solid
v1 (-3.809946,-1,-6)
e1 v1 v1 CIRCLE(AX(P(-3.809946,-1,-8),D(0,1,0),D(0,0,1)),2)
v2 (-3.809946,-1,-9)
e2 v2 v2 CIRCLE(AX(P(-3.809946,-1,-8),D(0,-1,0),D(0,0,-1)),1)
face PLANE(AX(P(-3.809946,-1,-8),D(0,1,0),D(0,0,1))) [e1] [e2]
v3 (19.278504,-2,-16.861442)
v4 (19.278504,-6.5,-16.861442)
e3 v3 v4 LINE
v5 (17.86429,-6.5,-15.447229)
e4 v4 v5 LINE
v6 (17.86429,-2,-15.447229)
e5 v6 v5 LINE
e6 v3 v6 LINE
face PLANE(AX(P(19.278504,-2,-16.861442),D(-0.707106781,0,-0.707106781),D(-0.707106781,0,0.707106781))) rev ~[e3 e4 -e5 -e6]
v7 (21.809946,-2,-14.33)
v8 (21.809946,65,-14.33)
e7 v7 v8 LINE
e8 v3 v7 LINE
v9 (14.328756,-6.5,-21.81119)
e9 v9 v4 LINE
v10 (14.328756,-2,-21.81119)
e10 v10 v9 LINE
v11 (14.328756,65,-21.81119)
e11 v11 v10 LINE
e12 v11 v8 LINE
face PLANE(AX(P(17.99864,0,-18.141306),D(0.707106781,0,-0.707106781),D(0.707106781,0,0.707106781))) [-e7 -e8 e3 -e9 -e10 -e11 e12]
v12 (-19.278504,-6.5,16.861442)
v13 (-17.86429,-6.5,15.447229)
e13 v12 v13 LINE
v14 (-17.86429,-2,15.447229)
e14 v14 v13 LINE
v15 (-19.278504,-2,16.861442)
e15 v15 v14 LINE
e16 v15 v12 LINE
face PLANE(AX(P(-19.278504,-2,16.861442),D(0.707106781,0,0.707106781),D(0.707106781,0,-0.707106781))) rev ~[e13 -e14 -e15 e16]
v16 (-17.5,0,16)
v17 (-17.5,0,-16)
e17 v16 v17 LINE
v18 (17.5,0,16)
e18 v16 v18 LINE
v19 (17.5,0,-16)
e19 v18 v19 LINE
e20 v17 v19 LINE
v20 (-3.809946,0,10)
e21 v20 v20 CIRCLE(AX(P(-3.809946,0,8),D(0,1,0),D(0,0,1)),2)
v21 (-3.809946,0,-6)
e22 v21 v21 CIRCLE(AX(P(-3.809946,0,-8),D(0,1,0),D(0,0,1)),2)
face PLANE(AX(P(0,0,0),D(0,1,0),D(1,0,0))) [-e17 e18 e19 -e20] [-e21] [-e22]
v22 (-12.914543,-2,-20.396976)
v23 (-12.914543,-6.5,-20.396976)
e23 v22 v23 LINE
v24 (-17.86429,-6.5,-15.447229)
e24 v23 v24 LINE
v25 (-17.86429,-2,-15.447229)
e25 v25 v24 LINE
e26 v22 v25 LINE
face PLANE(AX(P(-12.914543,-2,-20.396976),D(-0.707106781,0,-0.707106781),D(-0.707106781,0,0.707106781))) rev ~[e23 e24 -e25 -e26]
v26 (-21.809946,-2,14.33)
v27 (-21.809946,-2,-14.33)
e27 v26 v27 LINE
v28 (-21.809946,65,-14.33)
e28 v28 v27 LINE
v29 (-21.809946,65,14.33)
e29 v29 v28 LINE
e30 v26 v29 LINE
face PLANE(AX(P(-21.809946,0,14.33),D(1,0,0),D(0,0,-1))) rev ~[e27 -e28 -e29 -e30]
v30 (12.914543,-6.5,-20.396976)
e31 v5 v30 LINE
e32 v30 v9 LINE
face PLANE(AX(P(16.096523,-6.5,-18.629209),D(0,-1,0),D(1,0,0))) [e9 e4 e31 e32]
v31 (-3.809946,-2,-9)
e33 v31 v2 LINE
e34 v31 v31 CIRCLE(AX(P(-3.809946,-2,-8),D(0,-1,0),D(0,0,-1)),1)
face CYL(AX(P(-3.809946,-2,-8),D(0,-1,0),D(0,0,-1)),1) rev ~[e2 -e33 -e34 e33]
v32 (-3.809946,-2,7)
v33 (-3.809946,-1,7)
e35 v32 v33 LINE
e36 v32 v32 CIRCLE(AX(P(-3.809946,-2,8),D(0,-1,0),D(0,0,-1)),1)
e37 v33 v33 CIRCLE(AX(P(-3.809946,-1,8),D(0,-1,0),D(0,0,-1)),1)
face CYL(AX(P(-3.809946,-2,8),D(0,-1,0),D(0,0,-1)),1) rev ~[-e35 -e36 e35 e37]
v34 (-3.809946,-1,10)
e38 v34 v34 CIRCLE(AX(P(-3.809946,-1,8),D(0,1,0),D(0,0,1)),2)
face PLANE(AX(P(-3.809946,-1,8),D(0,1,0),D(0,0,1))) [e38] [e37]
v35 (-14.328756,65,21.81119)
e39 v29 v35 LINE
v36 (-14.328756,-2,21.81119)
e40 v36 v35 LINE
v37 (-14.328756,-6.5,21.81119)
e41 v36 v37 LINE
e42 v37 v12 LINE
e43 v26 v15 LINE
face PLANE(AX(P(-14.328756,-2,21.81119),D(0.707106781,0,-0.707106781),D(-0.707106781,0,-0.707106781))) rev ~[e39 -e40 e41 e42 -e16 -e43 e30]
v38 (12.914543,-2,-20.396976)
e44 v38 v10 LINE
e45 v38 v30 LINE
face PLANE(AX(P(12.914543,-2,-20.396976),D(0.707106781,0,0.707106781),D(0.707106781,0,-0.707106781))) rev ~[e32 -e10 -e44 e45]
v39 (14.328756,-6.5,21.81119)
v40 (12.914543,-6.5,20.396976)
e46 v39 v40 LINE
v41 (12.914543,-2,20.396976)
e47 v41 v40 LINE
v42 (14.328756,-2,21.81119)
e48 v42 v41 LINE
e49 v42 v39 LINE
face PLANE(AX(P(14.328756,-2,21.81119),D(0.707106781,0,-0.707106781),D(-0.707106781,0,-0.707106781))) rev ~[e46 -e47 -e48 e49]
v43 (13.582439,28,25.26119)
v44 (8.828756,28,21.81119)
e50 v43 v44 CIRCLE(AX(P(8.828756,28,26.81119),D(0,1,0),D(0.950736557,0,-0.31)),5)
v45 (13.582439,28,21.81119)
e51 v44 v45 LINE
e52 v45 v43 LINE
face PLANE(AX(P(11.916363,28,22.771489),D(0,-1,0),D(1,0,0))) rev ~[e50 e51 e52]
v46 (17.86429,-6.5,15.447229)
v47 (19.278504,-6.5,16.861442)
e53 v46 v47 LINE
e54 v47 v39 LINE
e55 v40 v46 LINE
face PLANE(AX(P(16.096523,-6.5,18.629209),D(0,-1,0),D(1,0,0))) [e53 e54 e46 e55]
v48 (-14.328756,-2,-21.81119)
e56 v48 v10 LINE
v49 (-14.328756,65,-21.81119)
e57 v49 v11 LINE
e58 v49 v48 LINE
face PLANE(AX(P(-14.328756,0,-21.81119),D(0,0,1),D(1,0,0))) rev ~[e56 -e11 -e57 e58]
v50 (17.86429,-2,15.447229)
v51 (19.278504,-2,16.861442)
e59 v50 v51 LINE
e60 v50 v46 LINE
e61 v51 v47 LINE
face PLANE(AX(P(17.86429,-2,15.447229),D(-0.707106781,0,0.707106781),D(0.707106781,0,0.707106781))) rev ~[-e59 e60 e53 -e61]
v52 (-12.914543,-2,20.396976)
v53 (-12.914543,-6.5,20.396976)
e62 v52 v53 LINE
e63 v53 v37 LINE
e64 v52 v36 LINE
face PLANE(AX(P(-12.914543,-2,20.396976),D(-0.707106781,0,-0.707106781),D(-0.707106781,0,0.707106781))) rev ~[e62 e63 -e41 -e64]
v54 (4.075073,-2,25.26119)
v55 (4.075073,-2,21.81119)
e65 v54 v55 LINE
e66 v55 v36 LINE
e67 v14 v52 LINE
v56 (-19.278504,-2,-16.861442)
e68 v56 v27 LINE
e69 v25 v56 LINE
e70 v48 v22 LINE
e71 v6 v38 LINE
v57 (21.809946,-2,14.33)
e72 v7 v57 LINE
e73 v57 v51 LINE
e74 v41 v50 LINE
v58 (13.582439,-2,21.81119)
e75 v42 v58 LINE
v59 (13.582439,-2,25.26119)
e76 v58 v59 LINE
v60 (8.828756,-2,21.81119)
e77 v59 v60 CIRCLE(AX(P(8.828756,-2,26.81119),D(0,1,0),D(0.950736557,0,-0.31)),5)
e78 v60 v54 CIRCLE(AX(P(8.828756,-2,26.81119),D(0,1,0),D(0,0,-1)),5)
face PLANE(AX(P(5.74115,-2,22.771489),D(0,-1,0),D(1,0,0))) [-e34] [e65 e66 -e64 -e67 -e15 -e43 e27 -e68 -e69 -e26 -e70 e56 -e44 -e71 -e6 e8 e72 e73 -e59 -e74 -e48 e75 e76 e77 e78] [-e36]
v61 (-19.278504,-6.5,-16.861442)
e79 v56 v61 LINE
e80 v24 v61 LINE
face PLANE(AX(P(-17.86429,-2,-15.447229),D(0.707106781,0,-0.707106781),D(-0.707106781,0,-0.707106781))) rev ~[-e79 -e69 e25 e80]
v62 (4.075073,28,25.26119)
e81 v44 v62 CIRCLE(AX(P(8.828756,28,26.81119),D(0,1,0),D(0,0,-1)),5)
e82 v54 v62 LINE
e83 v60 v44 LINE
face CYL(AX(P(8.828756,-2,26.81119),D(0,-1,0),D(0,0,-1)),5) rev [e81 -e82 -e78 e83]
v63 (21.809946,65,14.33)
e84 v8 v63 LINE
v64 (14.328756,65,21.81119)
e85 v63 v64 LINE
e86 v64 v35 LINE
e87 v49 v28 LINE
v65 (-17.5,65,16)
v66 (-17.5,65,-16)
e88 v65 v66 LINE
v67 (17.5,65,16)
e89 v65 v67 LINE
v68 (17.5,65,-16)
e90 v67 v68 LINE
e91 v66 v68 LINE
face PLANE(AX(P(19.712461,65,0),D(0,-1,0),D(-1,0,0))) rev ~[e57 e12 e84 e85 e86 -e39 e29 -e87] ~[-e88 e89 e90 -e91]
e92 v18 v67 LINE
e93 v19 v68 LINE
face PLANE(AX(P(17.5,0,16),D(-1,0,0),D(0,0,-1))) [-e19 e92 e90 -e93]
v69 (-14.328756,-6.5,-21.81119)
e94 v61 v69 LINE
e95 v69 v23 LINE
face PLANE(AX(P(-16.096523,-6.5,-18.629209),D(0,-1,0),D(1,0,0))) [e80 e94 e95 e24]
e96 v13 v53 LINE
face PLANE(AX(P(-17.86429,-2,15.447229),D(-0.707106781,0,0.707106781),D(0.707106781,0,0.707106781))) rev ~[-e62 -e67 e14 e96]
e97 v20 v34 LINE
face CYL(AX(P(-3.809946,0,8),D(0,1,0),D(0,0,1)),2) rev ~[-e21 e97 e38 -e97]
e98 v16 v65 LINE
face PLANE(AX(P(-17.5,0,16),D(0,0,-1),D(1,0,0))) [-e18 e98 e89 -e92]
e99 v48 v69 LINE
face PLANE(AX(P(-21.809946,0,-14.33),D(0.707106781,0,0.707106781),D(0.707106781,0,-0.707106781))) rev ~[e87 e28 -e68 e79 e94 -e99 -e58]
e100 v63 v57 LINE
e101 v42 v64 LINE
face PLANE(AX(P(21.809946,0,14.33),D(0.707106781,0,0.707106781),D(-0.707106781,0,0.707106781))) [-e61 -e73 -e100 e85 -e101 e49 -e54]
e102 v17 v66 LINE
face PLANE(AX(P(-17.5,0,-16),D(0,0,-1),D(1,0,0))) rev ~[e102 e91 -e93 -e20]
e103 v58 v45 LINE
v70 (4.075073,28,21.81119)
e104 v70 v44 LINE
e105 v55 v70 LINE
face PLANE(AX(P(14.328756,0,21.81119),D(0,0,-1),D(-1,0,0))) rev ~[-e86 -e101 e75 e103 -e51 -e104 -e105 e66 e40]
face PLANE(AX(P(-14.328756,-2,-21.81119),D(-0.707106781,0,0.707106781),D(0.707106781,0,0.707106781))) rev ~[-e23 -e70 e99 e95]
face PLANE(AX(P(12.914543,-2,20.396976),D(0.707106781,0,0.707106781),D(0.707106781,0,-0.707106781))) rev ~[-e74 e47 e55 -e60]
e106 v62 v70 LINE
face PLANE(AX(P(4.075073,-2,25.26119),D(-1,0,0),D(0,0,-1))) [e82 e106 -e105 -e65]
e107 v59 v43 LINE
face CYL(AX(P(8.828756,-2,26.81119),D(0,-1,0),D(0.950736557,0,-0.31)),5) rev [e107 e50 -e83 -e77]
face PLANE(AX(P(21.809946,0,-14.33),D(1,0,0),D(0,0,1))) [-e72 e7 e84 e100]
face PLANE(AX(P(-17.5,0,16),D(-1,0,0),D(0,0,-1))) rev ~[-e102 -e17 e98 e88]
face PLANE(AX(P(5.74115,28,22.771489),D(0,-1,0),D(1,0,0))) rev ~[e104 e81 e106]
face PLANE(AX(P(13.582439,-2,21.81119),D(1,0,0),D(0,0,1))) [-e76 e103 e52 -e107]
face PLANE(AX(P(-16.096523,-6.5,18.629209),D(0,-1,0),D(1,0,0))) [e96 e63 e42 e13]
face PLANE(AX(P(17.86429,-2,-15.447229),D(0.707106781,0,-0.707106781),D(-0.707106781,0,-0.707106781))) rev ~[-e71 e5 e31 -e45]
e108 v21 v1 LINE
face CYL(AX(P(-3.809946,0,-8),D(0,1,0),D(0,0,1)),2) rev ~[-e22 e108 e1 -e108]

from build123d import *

# Parameters (mm, degrees)
SKETCH_1_W          = 35
SKETCH_1_H          = 32
EXTRUDE_1_DEPTH     = 65
EXTRUDE_2_DEPTH     = 2
SKETCH_2_R          = 1
CUT_EXTRUDE_1_DEPTH = 74.759079051
SKETCH_3_R          = 2
CUT_EXTRUDE_2_DEPTH = 1
EXTRUDE_3_DEPTH     = 4.5
EXTRUDE_4_DEPTH     = 30


with BuildPart() as part:
    # Эскиз1 → Бобышка-Вытянуть1 (new body)
    with BuildSketch(Plane(origin=(0, 0, 0), x_dir=(1, 0, 0), z_dir=(0, 1, 0))):
        Polygon((-14.328756252, 21.811189745), (-21.809945997, 14.33), (-21.809945997, -14.33), (-14.328756252, -21.811189745), (14.328756252, -21.811189745), (21.809945997, -14.33), (21.809945997, 14.33), (14.328756252, 21.811189745), align=None)
        Rectangle(SKETCH_1_W, SKETCH_1_H, mode=Mode.SUBTRACT)
    extrude(amount=EXTRUDE_1_DEPTH)

    # Эскиз1<3> → Бобышка-Вытянуть2 (add)
    with BuildSketch(Plane(origin=(0, 0, 0), x_dir=(1, 0, 0), z_dir=(0, 1, 0))):
        Polygon((-14.328756252, 21.811189745), (-21.809945997, 14.33), (-21.809945997, -14.33), (-14.328756252, -21.811189745), (14.328756252, -21.811189745), (21.809945997, -14.33), (21.809945997, 14.33), (14.328756252, 21.811189745), align=None)
    extrude(amount=-EXTRUDE_2_DEPTH)

    # Эскиз2 → Вырез-Вытянуть1 (cut, through all)
    with BuildSketch(Plane.XZ.offset(2)):
        with Locations((-3.809945997, 8)):
            Circle(SKETCH_2_R)
        with Locations((-3.809945997, -8)):
            Circle(SKETCH_2_R)
    extrude(amount=-CUT_EXTRUDE_1_DEPTH, mode=Mode.SUBTRACT)

    # Эскиз3 → Вырез-Вытянуть2 (cut)
    with BuildSketch(Plane(origin=(0, 0, 0), x_dir=(1, 0, 0), z_dir=(0, 1, 0))):
        with Locations((-3.809945997, 8)):
            Circle(SKETCH_3_R)
        with Locations((-3.809945997, -8)):
            Circle(SKETCH_3_R)
    extrude(amount=-CUT_EXTRUDE_2_DEPTH, mode=Mode.SUBTRACT)

    # Эскиз4 → Бобышка-Вытянуть3 (add)
    with BuildSketch(Plane.XZ.offset(2)):
        Polygon((-14.328756252, 21.811189745), (-19.27850372, 16.861442277), (-17.864290158, 15.447228714), (-12.91454269, 20.396976183), align=None)
        Polygon((19.27850372, 16.861442277), (14.328756252, 21.811189745), (12.91454269, 20.396976183), (17.864290158, 15.447228714), align=None)
        Polygon((12.91454269, -20.396976183), (14.328756252, -21.811189745), (19.27850372, -16.861442277), (17.864290158, -15.447228714), align=None)
        Polygon((-17.864290158, -15.447228714), (-19.27850372, -16.861442277), (-14.328756252, -21.811189745), (-12.91454269, -20.396976183), align=None)
    extrude(amount=EXTRUDE_3_DEPTH)

    # Эскиз5 → Бобышка-Вытянуть4 (add)
    with BuildSketch(Plane.XZ.offset(2)):
        with BuildLine():
            ThreePointArc((8.828756252, 21.811189745), (5.891921221, 22.764586231), (4.075073469, 25.261189745))
            Line((4.075073469, 25.261189745), (4.075073469, 21.811189745))
            Line((4.075073469, 21.811189745), (8.828756252, 21.811189745))
        make_face()
        with BuildLine():
            ThreePointArc((13.582439035, 25.261189745), (11.765591283, 22.764586231), (8.828756252, 21.811189745))
            Line((8.828756252, 21.811189745), (13.582439035, 21.811189745))
            Line((13.582439035, 21.811189745), (13.582439035, 25.261189745))
        make_face()
    extrude(amount=-EXTRUDE_4_DEPTH)


solid = part.part
